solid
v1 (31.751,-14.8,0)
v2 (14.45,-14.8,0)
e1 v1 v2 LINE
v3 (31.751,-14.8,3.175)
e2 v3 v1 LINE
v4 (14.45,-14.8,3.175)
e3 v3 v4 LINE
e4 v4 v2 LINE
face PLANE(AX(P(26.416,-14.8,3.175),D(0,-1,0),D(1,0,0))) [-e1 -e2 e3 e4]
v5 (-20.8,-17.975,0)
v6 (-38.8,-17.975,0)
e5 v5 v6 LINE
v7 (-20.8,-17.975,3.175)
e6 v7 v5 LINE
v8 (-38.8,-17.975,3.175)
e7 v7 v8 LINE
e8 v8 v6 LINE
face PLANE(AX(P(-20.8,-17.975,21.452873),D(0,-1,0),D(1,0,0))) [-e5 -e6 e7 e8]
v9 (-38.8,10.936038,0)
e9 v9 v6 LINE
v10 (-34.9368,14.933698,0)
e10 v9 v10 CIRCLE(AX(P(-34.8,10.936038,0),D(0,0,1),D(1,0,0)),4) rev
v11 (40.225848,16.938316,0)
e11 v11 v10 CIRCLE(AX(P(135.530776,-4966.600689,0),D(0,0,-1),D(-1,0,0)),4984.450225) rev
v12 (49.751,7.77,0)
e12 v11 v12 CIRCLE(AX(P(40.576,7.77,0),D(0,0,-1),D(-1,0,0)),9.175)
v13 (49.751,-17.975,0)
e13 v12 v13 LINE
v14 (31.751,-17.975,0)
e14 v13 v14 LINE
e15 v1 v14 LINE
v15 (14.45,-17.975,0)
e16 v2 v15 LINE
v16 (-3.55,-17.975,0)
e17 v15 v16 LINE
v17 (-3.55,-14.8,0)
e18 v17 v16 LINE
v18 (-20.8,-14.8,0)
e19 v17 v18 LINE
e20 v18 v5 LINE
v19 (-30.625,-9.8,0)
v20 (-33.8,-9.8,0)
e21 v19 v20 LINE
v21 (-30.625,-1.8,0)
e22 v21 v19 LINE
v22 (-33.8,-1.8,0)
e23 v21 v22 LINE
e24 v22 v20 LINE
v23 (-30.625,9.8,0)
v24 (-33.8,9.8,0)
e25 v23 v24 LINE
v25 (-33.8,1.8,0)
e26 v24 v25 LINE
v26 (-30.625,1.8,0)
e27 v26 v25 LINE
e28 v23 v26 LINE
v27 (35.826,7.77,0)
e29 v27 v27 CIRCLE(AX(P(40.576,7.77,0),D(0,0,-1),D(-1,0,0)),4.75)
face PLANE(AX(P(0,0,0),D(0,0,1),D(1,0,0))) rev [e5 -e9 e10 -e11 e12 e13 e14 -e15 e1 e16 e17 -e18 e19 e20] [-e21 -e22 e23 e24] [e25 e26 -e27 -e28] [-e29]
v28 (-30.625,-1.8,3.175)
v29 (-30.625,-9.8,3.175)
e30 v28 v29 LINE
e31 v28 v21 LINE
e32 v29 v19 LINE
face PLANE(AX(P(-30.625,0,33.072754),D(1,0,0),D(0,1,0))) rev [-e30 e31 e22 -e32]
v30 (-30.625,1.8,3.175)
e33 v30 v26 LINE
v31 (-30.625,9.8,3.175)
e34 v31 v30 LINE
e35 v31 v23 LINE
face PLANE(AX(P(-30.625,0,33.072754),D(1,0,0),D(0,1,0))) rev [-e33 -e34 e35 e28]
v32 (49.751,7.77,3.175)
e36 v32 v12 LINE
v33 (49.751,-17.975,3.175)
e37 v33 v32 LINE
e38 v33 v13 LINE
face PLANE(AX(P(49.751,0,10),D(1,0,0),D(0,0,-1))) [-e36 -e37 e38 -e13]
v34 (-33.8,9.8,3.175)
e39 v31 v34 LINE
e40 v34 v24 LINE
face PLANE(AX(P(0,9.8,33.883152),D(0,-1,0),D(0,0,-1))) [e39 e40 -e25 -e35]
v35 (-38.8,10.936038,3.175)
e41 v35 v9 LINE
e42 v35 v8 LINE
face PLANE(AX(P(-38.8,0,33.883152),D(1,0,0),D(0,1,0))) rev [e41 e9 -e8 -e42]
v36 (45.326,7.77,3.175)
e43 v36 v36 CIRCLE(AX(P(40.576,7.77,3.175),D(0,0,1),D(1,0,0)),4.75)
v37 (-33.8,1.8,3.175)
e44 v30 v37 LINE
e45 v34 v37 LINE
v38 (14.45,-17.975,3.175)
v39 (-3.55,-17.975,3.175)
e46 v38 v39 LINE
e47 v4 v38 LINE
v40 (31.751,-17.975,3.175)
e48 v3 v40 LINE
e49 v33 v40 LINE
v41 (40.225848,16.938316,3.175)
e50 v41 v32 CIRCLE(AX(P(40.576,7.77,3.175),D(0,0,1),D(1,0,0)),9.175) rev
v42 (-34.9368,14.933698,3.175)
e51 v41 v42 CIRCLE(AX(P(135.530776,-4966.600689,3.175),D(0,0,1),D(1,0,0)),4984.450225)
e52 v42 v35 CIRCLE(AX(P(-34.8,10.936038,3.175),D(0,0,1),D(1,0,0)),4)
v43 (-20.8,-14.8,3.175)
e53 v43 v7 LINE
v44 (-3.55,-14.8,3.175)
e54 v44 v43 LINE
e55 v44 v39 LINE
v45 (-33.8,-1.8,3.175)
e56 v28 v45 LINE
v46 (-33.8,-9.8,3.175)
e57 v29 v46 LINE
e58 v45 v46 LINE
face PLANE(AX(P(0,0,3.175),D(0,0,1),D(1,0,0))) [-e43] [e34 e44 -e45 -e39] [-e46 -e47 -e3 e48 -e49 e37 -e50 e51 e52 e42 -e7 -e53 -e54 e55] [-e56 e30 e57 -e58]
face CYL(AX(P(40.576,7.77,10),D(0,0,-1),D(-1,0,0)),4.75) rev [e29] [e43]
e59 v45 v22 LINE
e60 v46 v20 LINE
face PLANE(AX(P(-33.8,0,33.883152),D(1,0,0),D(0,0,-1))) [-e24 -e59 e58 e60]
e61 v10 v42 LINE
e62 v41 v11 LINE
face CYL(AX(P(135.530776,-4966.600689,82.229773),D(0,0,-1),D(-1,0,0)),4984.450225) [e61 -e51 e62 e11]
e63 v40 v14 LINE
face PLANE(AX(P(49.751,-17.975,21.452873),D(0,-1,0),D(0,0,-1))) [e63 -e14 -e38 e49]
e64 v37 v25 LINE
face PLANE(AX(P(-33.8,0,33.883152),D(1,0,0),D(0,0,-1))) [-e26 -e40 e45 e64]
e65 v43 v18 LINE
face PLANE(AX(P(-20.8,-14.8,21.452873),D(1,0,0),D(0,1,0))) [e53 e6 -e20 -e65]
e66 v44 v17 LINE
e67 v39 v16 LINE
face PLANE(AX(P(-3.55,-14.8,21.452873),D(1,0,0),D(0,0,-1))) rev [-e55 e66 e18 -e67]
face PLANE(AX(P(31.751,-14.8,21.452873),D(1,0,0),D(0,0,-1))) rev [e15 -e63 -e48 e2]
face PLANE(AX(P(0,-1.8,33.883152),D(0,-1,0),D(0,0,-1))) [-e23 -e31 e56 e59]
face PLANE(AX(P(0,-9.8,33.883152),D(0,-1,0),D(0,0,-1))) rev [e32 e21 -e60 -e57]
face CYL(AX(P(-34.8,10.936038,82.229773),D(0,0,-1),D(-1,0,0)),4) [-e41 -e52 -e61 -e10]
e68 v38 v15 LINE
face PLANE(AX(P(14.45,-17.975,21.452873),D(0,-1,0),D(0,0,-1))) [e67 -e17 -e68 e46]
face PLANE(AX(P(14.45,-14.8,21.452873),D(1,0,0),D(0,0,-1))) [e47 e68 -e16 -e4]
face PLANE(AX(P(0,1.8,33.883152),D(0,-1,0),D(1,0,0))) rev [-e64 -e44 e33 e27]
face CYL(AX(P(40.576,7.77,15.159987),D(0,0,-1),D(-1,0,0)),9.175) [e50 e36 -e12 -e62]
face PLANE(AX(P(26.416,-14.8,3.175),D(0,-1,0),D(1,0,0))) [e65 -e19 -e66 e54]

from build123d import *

# Parameters (mm, degrees)
SKETCH1_W            = 6.266
SKETCH1_H            = 19.6
SKETCH1_R            = 1.675
SKETCH1_W_2          = 52.832
SKETCH1_H_2          = 5
BOSS_EXTRUDE2_DEPTH  = 3.175
SKETCH3_W            = 30
SKETCH3_H            = 29.6
BOSS_EXTRUDE3_DEPTH  = 3.175
SKETCH4_R            = 4.75
CUT_EXTRUDE1_DEPTH   = 10
BOSS_EXTRUDE14_DEPTH = 3.175
CUT_EXTRUDE8_DEPTH   = 10
BOSS_EXTRUDE15_DEPTH = 3.175
BOSS_EXTRUDE16_DEPTH = 3.175
BOSS_EXTRUDE17_DEPTH = 3.175
FILLET5_R            = 4
SKETCH27_W           = 3.175
SKETCH27_H           = 8
CUT_EXTRUDE9_DEPTH   = 10
SKETCH28_W           = 18
SKETCH28_H           = 3.175
BOSS_EXTRUDE18_DEPTH = 3.175
SKETCH29_W           = 53.813797415
SKETCH29_H           = 23.475817665
BOSS_EXTRUDE19_DEPTH = 3.175
SKETCH30_W           = 8.216536182
SKETCH30_H           = 11.169409555
BOSS_EXTRUDE20_DEPTH = 3.175


with BuildPart() as part:
    # Sketch1 → Boss-Extrude2 (new body)
    # profile 1 of 4: a face of its own
    with BuildSketch(Plane.XY):
        with Locations((-23.283, 0)):
            Rectangle(SKETCH1_W, SKETCH1_H)
        with Locations((-23.95, -4.974)):
            Circle(SKETCH1_R, mode=Mode.SUBTRACT)
        with Locations((-23.95, 4.974)):
            Circle(SKETCH1_R, mode=Mode.SUBTRACT)
    # profile 2 of 4: a face of its own
    with BuildSketch(Plane.XY):
        with Locations((23.283, 0)):
            Rectangle(SKETCH1_W, SKETCH1_H)
        with Locations((23.95, -4.974)):
            Circle(SKETCH1_R, mode=Mode.SUBTRACT)
        with Locations((23.95, 4.974)):
            Circle(SKETCH1_R, mode=Mode.SUBTRACT)
    # profile 3 of 4: a face of its own
    with BuildSketch(Plane.XY):
        with Locations((0, 12.3)):
            Rectangle(SKETCH1_W_2, SKETCH1_H_2)
    # profile 4 of 4: a face of its own
    with BuildSketch(Plane.XY):
        with Locations((0, -12.3)):
            Rectangle(SKETCH1_W_2, SKETCH1_H_2)
    extrude(amount=BOSS_EXTRUDE2_DEPTH)

    # Sketch3 → Boss-Extrude3 (add)
    with BuildSketch(Plane.XY.offset(3.175)):
        with Locations((41.416, 0)):
            Rectangle(SKETCH3_W, SKETCH3_H)
    extrude(amount=-BOSS_EXTRUDE3_DEPTH)

    # Sketch4 → Cut-Extrude1 (cut)
    with BuildSketch(Plane(origin=(0, 0, 0), x_dir=(-1, 0, 0), z_dir=(0, 0, -1))):
        with Locations((-40.576, 7.77)):
            Circle(SKETCH4_R)
    extrude(amount=-CUT_EXTRUDE1_DEPTH, mode=Mode.SUBTRACT)

    # Sketch22 → Boss-Extrude14 (add)
    with BuildSketch(Plane(origin=(0, 0, 0), x_dir=(-1, 0, 0), z_dir=(0, 0, -1))):
        with BuildLine():
            ThreePointArc((-34.680262133, 14.8), (-40.576, 16.945), (-46.471737867, 14.8))
            Line((-46.471737867, 14.8), (-34.680262133, 14.8))
        make_face()
    extrude(amount=-BOSS_EXTRUDE14_DEPTH)

    # Sketch23 → Cut-Extrude8 (cut)
    with BuildSketch(Plane(origin=(0, 0, 0), x_dir=(-1, 0, 0), z_dir=(0, 0, -1))):
        with BuildLine():
            Line((-49.751, -14.8), (-49.751, 7.77))
            ThreePointArc((-49.751, 7.77), (-48.890866804, 11.648609936), (-46.471737867, 14.8))
            Line((-46.471737867, 14.8), (-56.416, 14.8))
            Line((-56.416, 14.8), (-56.416, -14.8))
            Line((-56.416, -14.8), (-49.751, -14.8))
        make_face()
    extrude(amount=-CUT_EXTRUDE8_DEPTH, mode=Mode.SUBTRACT)

    # Sketch24 → Boss-Extrude15 (add)
    with BuildSketch(Plane(origin=(0, 0, 0), x_dir=(-1, 0, 0), z_dir=(0, 0, -1))):
        Polygon((30.625, 14.8), (26.416, 14.8), (26.416, -14.8), (27.751006616, -14.8), (30.625, -14.8), align=None)
    extrude(amount=-BOSS_EXTRUDE15_DEPTH)

    # Sketch25 → Boss-Extrude16 (add)
    with BuildSketch(Plane(origin=(0, 0, 0), x_dir=(-1, 0, 0), z_dir=(0, 0, -1))):
        Polygon((30.625, 14.8), (30.625, 9.8), (33.8, 9.8), (33.8, 1.8), (30.625, 1.8), (30.625, -1.8), (33.8, -1.8), (33.8, -9.8), (30.625, -9.8), (30.625, -14.8), (31.879074074, -14.8), (38.8, -14.8), (38.8, 14.8), align=None)
    extrude(amount=-BOSS_EXTRUDE16_DEPTH)

    # Sketch26 → Boss-Extrude17 (add)
    with BuildSketch(Plane(origin=(0, 0, 0), x_dir=(-1, 0, 0), z_dir=(0, 0, -1))):
        with BuildLine():
            ThreePointArc((-40.225848077, 16.938316019), (-37.275108655, 16.330650754), (-34.680262133, 14.8))
            Line((-34.680262133, 14.8), (38.8, 14.8))
            ThreePointArc((38.8, 14.8), (-0.708684686, 16.025831975), (-40.225848077, 16.938316019))
        make_face()
    extrude(amount=-BOSS_EXTRUDE17_DEPTH)

    # Fillet5
    fillet5_edges = [part.edges().sort_by_distance(p)[0] for p in [
        (-38.8, 14.8, 1.5875),
    ]]
    fillet(fillet5_edges, radius=FILLET5_R)

    # Sketch27 → Cut-Extrude9 (cut)
    with BuildSketch(Plane(origin=(0, 0, 0), x_dir=(-1, 0, 0), z_dir=(0, 0, -1))):
        with Locations((-43.1635, -5.8)):
            Rectangle(SKETCH27_W, SKETCH27_H)
    extrude(amount=-CUT_EXTRUDE9_DEPTH, mode=Mode.SUBTRACT)

    # Sketch28 → Boss-Extrude18 (add)
    with BuildSketch(Plane(origin=(0, 0, 0), x_dir=(-1, 0, 0), z_dir=(0, 0, -1))):
        with Locations((-40.751, -16.3875)):
            Rectangle(SKETCH28_W, SKETCH28_H)
        with Locations((-5.45, -16.3875)):
            Rectangle(SKETCH28_W, SKETCH28_H)
        with Locations((29.8, -16.3875)):
            Rectangle(SKETCH28_W, SKETCH28_H)
    extrude(amount=-BOSS_EXTRUDE18_DEPTH)

    # Sketch29 → Boss-Extrude19 (add)
    with BuildSketch(Plane(origin=(0, 0, 0), x_dir=(-1, 0, 0), z_dir=(0, 0, -1))):
        with Locations((0.393454416, 0.74908249)):
            Rectangle(SKETCH29_W, SKETCH29_H)
    extrude(amount=-BOSS_EXTRUDE19_DEPTH)

    # Sketch30 → Boss-Extrude20 (add)
    with BuildSketch(Plane(origin=(0, 0, 0), x_dir=(-1, 0, 0), z_dir=(0, 0, -1))):
        with Locations((-41.72757997, -5.584704778)):
            Rectangle(SKETCH30_W, SKETCH30_H)
    extrude(amount=-BOSS_EXTRUDE20_DEPTH)


solid = part.part
